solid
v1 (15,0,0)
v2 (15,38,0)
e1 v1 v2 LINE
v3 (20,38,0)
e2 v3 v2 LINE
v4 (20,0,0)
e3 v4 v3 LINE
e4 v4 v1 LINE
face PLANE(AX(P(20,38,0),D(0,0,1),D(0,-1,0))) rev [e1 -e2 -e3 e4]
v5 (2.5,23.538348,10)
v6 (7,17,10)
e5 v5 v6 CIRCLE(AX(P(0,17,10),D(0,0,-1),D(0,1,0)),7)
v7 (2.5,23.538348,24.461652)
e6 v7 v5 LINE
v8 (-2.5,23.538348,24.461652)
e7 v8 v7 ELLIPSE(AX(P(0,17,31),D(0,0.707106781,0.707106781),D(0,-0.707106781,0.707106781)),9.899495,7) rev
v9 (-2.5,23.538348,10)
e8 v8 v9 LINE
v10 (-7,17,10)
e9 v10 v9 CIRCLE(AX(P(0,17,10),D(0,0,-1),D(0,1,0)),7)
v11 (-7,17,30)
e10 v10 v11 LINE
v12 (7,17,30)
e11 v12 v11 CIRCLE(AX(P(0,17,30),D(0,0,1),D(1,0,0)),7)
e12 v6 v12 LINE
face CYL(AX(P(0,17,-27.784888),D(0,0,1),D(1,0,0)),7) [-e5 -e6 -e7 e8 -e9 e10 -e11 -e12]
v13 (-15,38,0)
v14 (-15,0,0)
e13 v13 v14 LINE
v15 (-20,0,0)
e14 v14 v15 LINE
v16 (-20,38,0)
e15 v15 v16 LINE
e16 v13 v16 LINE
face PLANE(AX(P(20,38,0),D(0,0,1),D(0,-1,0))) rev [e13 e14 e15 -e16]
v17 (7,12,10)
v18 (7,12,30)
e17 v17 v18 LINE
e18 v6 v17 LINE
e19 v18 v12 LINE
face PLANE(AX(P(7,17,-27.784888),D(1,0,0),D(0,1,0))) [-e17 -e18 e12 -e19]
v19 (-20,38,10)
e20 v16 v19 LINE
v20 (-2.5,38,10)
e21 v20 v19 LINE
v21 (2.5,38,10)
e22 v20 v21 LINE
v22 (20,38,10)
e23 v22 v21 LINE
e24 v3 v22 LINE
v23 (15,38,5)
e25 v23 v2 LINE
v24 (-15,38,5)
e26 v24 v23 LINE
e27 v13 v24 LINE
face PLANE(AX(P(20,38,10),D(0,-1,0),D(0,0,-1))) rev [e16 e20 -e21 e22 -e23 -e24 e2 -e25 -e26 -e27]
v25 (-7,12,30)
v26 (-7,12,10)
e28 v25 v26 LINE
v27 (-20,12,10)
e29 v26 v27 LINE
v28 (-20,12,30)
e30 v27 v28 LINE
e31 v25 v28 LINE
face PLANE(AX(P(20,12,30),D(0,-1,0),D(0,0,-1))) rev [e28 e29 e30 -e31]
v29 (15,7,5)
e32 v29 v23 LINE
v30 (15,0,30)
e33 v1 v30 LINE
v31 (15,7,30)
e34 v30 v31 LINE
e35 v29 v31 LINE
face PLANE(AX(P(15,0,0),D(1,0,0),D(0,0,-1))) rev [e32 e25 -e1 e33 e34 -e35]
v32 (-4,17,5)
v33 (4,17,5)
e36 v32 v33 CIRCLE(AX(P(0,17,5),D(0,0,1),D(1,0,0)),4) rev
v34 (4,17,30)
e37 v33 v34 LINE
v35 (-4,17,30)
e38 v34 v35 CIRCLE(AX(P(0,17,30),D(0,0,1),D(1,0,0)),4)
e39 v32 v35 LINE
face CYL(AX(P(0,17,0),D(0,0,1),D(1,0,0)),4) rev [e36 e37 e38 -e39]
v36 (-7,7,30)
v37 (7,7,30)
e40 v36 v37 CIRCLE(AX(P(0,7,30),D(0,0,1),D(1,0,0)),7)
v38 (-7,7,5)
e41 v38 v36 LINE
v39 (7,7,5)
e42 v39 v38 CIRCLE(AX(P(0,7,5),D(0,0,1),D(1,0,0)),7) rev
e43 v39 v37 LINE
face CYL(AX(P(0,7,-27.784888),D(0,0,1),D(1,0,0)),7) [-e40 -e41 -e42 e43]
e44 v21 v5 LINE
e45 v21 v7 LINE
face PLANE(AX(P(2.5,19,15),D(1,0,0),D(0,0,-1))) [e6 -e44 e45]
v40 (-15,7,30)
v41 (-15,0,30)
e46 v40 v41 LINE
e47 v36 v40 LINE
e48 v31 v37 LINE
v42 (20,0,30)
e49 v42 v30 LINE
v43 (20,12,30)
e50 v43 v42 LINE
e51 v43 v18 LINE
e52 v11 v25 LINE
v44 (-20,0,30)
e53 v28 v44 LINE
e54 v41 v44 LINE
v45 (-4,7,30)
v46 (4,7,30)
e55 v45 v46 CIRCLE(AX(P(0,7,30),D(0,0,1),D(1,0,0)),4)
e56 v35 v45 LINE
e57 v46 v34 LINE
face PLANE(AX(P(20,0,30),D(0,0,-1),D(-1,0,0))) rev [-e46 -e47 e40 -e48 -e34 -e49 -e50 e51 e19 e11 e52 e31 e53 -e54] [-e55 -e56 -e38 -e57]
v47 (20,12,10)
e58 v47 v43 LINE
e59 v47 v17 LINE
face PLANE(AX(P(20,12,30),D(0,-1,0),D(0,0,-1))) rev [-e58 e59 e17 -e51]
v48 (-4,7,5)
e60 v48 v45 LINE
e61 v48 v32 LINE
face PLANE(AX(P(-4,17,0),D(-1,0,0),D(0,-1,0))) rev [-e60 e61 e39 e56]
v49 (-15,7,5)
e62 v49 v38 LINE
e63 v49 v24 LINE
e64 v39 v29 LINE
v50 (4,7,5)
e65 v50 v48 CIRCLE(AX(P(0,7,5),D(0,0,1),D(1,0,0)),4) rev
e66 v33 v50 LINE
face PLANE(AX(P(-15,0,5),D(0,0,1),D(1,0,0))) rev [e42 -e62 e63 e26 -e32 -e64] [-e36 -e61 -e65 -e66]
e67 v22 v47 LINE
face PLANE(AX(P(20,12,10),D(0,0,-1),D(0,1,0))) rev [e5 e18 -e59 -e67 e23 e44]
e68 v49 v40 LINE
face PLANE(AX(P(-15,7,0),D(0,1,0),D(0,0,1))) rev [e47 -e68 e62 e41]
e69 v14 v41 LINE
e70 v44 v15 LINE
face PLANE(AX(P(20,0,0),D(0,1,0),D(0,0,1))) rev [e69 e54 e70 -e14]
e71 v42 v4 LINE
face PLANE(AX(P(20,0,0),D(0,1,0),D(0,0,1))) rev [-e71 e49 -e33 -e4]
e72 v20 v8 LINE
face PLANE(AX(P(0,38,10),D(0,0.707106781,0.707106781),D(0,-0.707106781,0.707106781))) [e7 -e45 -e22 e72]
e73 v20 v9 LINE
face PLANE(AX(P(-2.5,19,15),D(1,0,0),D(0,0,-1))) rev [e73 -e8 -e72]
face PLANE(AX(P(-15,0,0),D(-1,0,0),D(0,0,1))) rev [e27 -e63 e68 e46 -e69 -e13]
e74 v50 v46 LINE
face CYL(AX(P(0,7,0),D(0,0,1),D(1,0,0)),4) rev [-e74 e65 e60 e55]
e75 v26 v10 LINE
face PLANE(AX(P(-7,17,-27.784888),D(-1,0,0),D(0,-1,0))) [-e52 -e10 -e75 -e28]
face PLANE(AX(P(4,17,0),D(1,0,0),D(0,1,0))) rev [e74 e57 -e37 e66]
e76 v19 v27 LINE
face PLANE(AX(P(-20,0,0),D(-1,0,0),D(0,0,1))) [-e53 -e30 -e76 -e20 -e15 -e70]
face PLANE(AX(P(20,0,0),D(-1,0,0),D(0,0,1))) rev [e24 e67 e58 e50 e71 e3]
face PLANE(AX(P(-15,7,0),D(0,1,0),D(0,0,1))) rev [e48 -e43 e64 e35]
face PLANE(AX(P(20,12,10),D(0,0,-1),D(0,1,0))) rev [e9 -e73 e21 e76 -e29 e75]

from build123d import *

# Parameters (mm, degrees)
BOSS_EXTRUDE1_DEPTH = 20
SKETCH2_W           = 30
SKETCH2_H           = 7
CUT_EXTRUDE1_DEPTH  = 31
BOSS_EXTRUDE3_DEPTH = 30
CUT_EXTRUDE2_DEPTH  = 31
SKETCH5_W           = 30
SKETCH5_H           = 5
CUT_EXTRUDE3_DEPTH  = 39
RIB2_REACH          = 22
SKETCH6_WALL_W      = 61.798989874
SKETCH6_WALL_H      = 5


with BuildPart() as part:
    # Sketch1 → Boss-Extrude1 (new body, symmetric)
    with BuildSketch(Plane(origin=(0, 0, 0), x_dir=(0, 0, -1), z_dir=(1, 0, 0))):
        Polygon((0, 38), (0, 0), (-30, 0), (-30, 12), (-10, 12), (-10, 38), align=None)
    extrude(amount=BOSS_EXTRUDE1_DEPTH, both=True)

    # Sketch2 → Cut-Extrude1 (cut, through all)
    with BuildSketch(Plane.XY.offset(30)):
        with Locations((0, 3.5)):
            Rectangle(SKETCH2_W, SKETCH2_H)
    extrude(amount=-CUT_EXTRUDE1_DEPTH, mode=Mode.SUBTRACT)

    # Sketch3 → Boss-Extrude3 (add)
    with BuildSketch(Plane.XY.offset(30)):
        with BuildLine():
            Line((7, 17), (7, 7))
            ThreePointArc((7, 7), (0, 0), (-7, 7))
            Line((-7, 7), (-7, 17))
            ThreePointArc((-7, 17), (0, 24), (7, 17))
        make_face()
    extrude(amount=-BOSS_EXTRUDE3_DEPTH)

    # Sketch4 → Cut-Extrude2 (cut, through all)
    with BuildSketch(Plane.XY.offset(30)):
        with BuildLine():
            Line((4, 17), (4, 7))
            ThreePointArc((4, 7), (0, 3), (-4, 7))
            Line((-4, 7), (-4, 17))
            ThreePointArc((-4, 17), (0, 21), (4, 17))
        make_face()
    extrude(amount=-CUT_EXTRUDE2_DEPTH, mode=Mode.SUBTRACT)

    # Sketch5 → Cut-Extrude3 (cut, through all)
    with BuildSketch(Plane(origin=(0, 38, 0), x_dir=(1, 0, 0), z_dir=(0, 1, 0))):
        with Locations((0, -2.5)):
            Rectangle(SKETCH5_W, SKETCH5_H)
    extrude(amount=-CUT_EXTRUDE3_DEPTH, mode=Mode.SUBTRACT)

    # Sketch6 wall → Rib2 (add, up to next)
    with BuildSketch(Plane(origin=(0, 31, 17), x_dir=(0, -0.707106781, 0.707106781), z_dir=(0, -0.707106781, -0.707106781)), mode=Mode.PRIVATE) as rib2_sk1:
        Rectangle(SKETCH6_WALL_W, SKETCH6_WALL_H)
    rib2_tool1 = extrude(rib2_sk1.sketch, amount=RIB2_REACH, mode=Mode.PRIVATE) - part.part
    add(rib2_tool1.solids().sort_by_distance((0, 31, 17))[0])


solid = part.part
